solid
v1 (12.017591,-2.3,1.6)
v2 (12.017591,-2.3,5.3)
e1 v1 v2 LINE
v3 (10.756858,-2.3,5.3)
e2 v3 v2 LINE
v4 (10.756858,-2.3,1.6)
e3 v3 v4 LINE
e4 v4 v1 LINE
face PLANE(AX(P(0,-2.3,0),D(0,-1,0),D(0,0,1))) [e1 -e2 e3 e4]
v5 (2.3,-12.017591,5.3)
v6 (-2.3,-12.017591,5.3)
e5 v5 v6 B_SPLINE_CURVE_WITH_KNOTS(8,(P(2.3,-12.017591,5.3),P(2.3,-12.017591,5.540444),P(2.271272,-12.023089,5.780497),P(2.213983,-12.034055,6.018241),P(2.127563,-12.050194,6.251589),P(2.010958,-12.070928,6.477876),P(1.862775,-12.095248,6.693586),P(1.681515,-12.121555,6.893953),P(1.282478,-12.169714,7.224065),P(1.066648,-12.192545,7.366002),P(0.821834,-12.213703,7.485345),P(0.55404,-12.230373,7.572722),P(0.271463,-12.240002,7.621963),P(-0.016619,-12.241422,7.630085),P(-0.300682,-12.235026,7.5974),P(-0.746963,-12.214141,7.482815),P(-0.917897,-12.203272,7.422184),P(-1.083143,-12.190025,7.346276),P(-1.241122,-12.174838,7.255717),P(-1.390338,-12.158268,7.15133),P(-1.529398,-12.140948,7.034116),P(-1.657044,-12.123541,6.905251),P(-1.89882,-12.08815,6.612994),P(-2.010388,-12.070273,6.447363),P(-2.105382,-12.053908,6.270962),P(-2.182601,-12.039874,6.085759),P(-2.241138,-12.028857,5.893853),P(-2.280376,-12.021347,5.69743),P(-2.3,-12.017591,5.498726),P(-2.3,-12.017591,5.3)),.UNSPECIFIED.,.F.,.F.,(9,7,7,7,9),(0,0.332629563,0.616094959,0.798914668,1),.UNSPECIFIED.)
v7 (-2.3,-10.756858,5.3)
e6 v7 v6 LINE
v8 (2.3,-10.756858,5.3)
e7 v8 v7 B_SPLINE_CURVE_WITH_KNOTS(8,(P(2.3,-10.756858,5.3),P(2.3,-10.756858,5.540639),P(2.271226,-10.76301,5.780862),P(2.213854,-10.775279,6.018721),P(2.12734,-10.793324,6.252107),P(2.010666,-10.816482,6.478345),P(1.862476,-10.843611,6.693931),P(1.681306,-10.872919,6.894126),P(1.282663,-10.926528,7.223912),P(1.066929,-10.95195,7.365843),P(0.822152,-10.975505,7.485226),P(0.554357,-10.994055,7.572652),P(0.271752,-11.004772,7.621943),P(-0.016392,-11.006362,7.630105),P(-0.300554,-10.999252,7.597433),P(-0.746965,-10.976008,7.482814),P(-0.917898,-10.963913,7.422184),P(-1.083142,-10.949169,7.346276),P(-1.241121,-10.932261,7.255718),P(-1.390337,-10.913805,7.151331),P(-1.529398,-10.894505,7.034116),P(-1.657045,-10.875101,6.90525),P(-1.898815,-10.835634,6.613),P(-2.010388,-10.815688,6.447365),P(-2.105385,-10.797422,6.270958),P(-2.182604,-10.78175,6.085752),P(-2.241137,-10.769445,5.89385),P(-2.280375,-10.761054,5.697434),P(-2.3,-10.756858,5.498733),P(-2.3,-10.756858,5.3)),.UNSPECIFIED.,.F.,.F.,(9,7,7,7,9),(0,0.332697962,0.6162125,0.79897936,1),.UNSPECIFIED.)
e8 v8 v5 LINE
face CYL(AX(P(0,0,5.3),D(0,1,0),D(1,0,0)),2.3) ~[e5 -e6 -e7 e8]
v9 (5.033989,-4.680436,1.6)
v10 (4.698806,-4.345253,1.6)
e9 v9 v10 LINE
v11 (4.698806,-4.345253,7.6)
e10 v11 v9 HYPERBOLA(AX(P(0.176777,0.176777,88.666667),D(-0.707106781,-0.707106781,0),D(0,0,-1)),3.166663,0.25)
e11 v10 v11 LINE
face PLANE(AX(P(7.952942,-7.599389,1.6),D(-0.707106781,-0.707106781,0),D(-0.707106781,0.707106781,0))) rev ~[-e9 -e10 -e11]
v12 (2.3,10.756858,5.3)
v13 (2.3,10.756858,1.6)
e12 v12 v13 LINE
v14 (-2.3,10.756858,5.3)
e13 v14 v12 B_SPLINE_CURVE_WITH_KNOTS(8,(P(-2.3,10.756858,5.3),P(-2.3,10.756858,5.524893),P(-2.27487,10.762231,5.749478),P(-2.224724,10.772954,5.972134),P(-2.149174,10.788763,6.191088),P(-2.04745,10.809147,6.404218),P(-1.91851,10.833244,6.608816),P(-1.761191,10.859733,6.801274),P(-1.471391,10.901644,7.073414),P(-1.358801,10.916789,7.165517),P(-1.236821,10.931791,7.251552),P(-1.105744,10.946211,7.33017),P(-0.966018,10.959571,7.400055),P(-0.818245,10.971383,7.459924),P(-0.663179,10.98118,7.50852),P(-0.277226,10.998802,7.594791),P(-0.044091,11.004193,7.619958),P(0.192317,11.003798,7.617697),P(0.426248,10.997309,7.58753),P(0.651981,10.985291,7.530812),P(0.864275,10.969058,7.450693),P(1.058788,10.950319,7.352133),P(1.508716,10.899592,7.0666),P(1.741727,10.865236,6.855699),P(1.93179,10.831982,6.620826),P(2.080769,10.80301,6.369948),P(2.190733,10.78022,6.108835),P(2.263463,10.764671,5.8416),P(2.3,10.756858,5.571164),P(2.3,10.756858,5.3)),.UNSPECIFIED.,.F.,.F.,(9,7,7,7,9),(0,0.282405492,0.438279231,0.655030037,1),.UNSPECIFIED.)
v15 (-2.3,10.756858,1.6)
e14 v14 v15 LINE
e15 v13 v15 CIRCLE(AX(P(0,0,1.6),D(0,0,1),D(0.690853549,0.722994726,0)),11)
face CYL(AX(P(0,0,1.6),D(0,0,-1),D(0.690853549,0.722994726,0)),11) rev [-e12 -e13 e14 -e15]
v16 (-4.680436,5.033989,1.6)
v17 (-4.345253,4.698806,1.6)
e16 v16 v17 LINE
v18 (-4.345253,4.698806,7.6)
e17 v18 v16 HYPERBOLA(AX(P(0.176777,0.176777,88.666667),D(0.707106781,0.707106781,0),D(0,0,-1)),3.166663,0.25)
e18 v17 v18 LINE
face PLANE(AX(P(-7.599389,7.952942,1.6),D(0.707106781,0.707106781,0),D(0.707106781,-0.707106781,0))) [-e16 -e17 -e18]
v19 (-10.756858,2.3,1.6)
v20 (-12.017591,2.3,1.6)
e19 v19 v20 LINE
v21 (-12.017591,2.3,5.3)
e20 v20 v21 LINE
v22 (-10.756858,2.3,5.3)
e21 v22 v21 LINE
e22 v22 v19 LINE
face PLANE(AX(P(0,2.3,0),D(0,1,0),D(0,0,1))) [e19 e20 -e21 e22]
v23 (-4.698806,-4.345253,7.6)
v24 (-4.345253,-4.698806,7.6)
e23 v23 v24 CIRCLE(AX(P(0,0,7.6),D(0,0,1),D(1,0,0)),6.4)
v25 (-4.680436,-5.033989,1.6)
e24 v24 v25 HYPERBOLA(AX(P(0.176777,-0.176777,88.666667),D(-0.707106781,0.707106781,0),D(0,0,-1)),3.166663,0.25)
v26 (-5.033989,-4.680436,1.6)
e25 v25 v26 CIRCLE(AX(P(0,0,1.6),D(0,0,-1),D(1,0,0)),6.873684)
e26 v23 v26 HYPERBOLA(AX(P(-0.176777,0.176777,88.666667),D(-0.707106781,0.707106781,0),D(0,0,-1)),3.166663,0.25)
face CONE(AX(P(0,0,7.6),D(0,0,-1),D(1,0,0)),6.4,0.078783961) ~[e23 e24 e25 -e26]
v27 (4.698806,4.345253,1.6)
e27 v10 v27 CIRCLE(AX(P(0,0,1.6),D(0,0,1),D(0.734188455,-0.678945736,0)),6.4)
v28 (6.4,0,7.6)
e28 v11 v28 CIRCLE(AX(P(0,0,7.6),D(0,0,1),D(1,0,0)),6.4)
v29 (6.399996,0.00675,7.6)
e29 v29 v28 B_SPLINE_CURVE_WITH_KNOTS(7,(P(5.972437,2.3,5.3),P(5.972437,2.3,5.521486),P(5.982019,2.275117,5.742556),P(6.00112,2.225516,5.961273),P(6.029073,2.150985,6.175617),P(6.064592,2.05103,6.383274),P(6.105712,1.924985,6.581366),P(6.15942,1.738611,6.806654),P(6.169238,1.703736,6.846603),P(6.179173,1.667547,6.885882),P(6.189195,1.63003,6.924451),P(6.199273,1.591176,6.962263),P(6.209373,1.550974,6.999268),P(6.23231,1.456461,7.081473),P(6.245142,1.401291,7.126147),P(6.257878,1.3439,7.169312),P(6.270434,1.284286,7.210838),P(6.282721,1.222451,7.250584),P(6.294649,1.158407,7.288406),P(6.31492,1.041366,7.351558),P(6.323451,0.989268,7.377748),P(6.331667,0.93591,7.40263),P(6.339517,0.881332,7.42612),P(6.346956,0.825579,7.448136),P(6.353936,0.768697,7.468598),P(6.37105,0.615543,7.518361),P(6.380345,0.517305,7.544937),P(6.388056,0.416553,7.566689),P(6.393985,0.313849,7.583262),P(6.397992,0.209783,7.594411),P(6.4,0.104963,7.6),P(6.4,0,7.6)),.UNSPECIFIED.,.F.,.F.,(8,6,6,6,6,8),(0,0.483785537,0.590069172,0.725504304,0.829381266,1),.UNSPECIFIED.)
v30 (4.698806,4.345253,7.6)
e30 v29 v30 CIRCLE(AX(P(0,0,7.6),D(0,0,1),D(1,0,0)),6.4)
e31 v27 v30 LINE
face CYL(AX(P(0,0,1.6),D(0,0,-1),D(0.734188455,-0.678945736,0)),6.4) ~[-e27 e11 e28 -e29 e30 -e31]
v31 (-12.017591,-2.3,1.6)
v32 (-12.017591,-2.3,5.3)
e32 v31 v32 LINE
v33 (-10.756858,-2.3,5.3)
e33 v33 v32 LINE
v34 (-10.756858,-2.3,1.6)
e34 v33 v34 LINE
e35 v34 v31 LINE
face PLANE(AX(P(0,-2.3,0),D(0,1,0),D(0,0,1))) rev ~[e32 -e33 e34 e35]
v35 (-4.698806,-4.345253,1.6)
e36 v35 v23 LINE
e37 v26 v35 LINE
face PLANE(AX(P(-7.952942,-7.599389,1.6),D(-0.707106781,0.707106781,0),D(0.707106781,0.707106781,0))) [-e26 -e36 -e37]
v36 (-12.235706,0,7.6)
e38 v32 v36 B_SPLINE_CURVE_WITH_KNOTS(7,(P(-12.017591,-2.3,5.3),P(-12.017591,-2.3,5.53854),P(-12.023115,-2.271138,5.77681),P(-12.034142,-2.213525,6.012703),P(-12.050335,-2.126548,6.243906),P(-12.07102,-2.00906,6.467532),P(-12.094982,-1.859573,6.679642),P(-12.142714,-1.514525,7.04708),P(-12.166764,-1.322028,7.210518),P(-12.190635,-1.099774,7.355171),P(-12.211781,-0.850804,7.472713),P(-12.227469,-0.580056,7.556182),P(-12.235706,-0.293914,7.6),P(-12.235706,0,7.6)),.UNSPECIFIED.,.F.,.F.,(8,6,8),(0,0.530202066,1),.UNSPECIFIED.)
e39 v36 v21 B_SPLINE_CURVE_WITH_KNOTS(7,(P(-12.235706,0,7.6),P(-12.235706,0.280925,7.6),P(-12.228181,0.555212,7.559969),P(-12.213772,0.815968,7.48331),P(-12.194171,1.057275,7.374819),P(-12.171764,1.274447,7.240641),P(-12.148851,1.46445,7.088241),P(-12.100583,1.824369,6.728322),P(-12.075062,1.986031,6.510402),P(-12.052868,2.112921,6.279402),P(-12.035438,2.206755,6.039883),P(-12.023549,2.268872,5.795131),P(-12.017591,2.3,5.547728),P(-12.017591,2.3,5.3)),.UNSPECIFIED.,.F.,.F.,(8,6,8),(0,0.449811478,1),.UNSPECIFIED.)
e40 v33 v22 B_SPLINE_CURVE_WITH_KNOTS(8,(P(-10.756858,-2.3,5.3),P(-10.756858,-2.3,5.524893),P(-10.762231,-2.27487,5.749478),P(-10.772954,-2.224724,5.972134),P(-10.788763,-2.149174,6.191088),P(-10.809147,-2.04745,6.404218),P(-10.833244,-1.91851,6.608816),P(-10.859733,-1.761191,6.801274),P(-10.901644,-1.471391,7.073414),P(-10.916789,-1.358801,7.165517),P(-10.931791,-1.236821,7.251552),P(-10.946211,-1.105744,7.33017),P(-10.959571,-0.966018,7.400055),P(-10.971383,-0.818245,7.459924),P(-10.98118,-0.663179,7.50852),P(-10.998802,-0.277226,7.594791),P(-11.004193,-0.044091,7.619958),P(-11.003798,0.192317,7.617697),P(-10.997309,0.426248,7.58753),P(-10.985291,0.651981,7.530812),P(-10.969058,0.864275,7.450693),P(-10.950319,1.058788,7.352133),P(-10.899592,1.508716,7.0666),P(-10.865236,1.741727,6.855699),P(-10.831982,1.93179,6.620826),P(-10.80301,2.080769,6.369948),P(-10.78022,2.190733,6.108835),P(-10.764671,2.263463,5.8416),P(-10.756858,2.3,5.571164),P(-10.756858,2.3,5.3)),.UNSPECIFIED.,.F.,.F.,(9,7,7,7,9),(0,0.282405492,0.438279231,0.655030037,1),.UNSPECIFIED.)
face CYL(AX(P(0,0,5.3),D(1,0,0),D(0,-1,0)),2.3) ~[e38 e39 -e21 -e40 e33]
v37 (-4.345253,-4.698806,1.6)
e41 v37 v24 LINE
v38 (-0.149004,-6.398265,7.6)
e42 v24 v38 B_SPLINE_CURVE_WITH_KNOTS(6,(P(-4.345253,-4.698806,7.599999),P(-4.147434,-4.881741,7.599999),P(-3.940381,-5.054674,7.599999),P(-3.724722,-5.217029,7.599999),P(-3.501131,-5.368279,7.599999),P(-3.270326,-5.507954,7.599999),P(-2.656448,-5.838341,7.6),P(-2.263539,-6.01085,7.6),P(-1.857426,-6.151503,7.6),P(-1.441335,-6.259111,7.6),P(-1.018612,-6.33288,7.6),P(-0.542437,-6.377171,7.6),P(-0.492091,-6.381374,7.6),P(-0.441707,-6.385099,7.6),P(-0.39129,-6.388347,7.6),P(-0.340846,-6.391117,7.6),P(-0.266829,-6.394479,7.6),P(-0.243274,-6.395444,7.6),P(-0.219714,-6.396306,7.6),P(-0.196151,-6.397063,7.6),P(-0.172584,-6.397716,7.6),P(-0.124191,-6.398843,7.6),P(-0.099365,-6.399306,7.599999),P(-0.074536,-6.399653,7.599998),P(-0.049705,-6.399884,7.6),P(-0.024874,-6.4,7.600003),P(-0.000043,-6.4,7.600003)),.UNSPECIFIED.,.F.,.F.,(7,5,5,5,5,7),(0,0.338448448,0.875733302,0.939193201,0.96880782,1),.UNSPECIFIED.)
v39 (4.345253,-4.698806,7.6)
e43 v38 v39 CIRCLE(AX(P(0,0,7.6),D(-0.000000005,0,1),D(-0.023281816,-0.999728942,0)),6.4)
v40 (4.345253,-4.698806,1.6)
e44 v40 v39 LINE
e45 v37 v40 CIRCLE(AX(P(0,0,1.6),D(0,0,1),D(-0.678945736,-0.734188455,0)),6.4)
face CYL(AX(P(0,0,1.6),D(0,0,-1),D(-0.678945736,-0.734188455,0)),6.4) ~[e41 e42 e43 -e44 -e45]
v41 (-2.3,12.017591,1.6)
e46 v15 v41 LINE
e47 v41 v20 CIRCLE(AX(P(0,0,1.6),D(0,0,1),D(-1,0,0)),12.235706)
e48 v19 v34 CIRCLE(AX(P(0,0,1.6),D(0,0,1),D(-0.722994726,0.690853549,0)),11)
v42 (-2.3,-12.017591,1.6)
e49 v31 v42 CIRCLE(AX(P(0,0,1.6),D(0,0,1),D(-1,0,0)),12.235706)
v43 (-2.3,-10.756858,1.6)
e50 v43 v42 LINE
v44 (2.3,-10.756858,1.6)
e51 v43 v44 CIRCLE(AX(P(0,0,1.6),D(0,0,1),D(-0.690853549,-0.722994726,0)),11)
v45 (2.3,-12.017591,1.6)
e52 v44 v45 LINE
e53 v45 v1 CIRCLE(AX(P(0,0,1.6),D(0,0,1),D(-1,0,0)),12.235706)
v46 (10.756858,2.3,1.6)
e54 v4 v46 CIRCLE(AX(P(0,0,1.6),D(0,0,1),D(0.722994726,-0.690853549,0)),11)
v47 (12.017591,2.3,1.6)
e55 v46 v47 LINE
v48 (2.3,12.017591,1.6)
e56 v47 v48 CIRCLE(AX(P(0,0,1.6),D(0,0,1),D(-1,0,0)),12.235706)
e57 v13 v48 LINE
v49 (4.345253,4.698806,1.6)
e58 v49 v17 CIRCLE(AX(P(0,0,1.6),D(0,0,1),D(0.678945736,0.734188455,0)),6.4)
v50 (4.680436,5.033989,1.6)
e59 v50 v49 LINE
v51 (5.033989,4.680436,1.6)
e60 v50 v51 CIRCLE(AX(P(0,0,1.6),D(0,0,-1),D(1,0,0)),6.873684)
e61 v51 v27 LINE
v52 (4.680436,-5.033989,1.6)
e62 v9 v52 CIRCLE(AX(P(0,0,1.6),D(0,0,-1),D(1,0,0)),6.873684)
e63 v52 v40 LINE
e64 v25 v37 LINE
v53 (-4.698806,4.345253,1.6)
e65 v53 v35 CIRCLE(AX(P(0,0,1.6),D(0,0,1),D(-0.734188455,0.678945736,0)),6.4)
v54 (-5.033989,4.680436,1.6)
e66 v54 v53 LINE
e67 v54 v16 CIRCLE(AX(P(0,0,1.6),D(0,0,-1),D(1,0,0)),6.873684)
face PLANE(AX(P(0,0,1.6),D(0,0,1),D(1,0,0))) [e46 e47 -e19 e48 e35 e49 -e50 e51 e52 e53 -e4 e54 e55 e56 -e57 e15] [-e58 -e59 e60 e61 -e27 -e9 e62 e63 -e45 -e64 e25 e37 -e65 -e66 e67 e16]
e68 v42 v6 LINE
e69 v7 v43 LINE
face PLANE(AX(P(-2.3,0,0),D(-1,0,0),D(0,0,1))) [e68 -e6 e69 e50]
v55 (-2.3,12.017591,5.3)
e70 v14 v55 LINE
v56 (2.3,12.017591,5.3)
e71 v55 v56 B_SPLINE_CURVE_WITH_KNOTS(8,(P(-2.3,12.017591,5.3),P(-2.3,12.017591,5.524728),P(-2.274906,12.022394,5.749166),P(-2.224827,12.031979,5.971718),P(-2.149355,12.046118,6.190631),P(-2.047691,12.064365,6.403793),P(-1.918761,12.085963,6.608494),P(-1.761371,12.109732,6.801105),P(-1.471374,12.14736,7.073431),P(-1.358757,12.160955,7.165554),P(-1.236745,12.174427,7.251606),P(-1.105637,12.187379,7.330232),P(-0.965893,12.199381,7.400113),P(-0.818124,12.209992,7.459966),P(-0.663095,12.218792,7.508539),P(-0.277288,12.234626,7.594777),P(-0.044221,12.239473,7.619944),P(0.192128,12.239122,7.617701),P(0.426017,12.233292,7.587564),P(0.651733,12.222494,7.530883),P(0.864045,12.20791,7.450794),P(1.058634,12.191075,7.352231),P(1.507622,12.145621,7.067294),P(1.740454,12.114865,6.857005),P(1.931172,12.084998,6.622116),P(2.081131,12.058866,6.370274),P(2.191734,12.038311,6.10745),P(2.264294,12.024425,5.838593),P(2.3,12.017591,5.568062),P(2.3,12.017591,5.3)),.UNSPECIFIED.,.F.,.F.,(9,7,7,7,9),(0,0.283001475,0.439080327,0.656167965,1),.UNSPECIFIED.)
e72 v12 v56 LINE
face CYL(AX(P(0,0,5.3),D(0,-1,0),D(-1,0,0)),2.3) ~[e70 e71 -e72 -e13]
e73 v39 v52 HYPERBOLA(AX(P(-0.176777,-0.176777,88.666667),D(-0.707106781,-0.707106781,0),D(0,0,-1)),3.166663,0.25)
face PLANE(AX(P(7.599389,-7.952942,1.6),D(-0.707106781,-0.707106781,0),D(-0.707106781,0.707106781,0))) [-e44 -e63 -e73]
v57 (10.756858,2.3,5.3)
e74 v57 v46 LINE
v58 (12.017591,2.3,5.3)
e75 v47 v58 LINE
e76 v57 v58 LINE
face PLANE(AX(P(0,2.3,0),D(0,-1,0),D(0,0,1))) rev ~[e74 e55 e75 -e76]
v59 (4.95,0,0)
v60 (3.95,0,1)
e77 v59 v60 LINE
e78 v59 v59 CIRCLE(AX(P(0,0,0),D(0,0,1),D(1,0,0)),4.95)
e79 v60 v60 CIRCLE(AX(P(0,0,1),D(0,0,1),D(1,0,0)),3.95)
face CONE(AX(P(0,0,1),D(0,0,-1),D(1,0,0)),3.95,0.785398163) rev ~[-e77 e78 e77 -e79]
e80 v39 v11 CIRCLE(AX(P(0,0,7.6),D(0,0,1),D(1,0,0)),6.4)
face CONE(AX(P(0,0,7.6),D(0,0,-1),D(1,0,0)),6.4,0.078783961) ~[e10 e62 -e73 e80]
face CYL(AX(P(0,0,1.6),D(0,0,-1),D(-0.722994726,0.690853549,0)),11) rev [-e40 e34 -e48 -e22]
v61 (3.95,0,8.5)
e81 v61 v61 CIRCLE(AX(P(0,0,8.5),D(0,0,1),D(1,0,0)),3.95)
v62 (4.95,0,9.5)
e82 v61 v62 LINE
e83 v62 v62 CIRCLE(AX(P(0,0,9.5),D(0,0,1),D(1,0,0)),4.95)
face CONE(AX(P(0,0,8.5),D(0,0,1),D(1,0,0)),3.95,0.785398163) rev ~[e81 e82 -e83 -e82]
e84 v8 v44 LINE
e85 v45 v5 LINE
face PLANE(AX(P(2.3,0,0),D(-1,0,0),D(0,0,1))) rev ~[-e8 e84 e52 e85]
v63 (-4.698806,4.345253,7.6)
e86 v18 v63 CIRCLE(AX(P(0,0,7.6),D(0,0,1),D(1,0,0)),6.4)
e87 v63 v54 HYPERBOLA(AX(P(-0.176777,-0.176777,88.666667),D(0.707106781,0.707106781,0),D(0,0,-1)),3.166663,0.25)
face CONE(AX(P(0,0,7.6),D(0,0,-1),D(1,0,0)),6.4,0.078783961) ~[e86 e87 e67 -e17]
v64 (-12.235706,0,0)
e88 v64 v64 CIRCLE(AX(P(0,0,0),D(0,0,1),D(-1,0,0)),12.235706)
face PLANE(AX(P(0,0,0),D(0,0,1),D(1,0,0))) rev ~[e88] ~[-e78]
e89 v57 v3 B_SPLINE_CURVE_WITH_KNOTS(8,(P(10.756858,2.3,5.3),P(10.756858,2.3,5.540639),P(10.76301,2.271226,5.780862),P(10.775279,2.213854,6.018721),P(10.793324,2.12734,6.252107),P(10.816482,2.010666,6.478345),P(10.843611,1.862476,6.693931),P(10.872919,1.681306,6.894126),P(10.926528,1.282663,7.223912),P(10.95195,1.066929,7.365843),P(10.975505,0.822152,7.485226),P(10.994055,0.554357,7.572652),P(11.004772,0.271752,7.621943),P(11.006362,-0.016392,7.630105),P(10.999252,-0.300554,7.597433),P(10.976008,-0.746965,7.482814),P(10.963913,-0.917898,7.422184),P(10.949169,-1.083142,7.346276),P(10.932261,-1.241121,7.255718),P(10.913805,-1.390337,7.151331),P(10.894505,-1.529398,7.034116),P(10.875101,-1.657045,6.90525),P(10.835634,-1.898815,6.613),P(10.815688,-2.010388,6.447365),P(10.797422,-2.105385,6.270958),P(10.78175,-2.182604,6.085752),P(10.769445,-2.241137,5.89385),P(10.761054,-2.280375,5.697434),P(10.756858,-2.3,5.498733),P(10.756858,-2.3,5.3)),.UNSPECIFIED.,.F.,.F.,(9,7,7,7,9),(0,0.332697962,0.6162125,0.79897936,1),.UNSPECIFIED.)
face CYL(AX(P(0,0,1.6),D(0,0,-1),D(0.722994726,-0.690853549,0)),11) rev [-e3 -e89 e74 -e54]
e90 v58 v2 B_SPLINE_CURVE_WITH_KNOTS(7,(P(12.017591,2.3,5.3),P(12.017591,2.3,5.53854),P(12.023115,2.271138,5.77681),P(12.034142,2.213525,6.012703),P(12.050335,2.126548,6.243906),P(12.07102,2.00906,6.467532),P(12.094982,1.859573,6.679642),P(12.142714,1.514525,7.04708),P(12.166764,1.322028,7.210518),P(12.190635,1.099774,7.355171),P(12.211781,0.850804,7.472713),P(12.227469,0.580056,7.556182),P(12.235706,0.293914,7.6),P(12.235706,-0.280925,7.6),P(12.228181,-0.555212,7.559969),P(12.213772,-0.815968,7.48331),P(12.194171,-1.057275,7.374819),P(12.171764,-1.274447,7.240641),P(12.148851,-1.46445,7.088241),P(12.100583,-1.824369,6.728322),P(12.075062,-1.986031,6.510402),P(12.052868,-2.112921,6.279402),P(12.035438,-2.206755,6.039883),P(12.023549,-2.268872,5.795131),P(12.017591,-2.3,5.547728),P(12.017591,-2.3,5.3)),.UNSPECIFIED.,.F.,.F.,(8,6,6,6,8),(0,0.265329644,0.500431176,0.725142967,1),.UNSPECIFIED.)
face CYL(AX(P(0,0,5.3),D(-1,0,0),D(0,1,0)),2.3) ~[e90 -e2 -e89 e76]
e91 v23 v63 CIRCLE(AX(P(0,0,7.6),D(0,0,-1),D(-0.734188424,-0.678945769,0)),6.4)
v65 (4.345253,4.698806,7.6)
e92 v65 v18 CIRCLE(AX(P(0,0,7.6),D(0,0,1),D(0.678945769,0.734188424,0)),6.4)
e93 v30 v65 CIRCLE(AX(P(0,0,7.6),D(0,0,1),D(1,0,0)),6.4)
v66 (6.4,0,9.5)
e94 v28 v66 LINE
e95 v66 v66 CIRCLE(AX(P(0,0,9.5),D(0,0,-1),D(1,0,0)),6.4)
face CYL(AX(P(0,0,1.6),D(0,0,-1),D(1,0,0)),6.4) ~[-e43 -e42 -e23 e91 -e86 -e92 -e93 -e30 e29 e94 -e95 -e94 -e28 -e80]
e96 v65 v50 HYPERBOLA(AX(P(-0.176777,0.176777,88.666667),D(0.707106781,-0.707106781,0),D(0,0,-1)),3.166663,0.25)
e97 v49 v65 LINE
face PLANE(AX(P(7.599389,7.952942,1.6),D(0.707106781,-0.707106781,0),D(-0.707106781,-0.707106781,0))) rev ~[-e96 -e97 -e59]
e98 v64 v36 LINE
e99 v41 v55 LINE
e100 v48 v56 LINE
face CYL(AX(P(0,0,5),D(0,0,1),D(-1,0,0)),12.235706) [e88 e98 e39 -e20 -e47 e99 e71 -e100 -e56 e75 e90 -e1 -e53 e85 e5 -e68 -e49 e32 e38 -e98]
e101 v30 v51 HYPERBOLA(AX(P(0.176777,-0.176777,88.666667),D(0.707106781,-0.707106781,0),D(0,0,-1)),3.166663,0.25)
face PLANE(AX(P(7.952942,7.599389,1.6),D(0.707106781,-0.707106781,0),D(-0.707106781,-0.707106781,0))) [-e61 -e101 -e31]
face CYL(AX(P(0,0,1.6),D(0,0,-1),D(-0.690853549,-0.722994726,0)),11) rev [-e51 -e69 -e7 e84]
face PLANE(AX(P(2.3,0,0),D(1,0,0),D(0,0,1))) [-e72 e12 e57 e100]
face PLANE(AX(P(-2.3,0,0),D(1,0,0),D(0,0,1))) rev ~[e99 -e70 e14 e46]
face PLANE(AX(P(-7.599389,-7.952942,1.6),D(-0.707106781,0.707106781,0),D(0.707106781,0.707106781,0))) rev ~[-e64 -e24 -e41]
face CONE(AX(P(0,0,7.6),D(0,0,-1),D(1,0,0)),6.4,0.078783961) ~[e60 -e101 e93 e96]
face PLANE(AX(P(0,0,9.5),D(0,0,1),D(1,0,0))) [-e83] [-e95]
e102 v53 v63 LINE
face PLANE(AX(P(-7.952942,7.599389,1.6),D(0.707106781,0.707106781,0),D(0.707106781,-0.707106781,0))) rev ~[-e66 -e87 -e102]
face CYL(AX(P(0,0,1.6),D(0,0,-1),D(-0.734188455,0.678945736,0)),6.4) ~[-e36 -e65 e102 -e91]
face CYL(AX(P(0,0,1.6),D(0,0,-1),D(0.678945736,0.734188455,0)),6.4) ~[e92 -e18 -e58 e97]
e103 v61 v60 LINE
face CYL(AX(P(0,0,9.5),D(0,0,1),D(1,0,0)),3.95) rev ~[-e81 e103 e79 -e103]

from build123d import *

# Parameters (mm, degrees)
SKETCH_R           = 12.45
PAD_DEPTH          = 1.6
SKETCH001_R        = 6.4
PAD001_DEPTH       = 7.9
PAD002_DEPTH       = 14
POLARPATTERN_COUNT = 4
POCKET_DEPTH       = 10
SKETCH004_W        = 4
SKETCH004_H        = 10
SKETCH005_R        = 3.95
POCKET001_DEPTH    = 9.501
CHAMFER_SIZE       = 1


with BuildPart() as part:
    # Sketch → Pad (new body)
    with BuildSketch(Plane.XY):
        Circle(SKETCH_R)
    extrude(amount=PAD_DEPTH)

    # Sketch001 (on Face3 of Pad) → Pad001 (join)
    with BuildSketch(Plane.XY.offset(1.6)):
        Circle(SKETCH001_R)
    extrude(amount=PAD001_DEPTH)

    # Sketch002 → Pad002 (join)
    with BuildSketch(Plane.XZ):
        with BuildLine():
            Line((-2.3, 0), (-2.3, 5.3))
            ThreePointArc((2.3, 5.3), (0, 7.6), (-2.3, 5.3))
            Line((2.3, 0), (2.3, 5.3))
            Line((-2.3, 0), (2.3, 0))
        make_face()
    pad002 = extrude(amount=PAD002_DEPTH)

    # PolarPattern: Pad002 ×4 about axis
    polarpattern_axis = Axis((0, 0, 0), (0, 0, 1))
    for i in range(1, POLARPATTERN_COUNT):
        add(pad002.rotate(polarpattern_axis, i * 360 / POLARPATTERN_COUNT))

    # Sketch006 → Revolution (revolve)
    with BuildSketch(Plane.XZ):
        Polygon((0, 0), (0, 7.6), (6.4, 7.6), (7, 0), align=None)
    revolve(axis=Axis((0, 0, 0), (0, 0, 1)))

    # Sketch007 (on Face28 of Revolution) → Pocket (cut)
    with BuildSketch(Plane.XY.offset(1.6)):
        with BuildLine():
            ThreePointArc((-7.952942, 7.599389), (-11, 0), (-7.952942, -7.599389))
            Line((-7.952942, -7.599389), (-4.698806, -4.345253))
            ThreePointArc((-4.698806, 4.345253), (-6.4, 0), (-4.698806, -4.345253))
            Line((-7.952942, 7.599389), (-4.698806, 4.345253))
        make_face()
        with BuildLine():
            ThreePointArc((-7.599389, -7.952942), (0, -11), (7.599389, -7.952942))
            Line((7.599389, -7.952942), (4.345253, -4.698806))
            ThreePointArc((-4.345253, -4.698806), (0, -6.4), (4.345253, -4.698806))
            Line((-7.599389, -7.952942), (-4.345253, -4.698806))
        make_face()
        with BuildLine():
            ThreePointArc((7.952942, -7.599389), (11, 0), (7.952942, 7.599389))
            Line((7.952942, 7.599389), (4.698806, 4.345253))
            ThreePointArc((4.698806, -4.345253), (6.4, 0), (4.698806, 4.345253))
            Line((7.952942, -7.599389), (4.698806, -4.345253))
        make_face()
        with BuildLine():
            ThreePointArc((7.599389, 7.952942), (0, 11), (-7.599389, 7.952942))
            Line((-7.599389, 7.952942), (-4.345253, 4.698806))
            ThreePointArc((4.345253, 4.698806), (0, 6.4), (-4.345253, 4.698806))
            Line((7.599389, 7.952942), (4.345253, 4.698806))
        make_face()
    extrude(amount=POCKET_DEPTH, mode=Mode.SUBTRACT)

    # Sketch004 → Groove (revolve, cut)
    with BuildSketch(Plane.XZ):
        with Locations((-14.235706, 5)):
            Rectangle(SKETCH004_W, SKETCH004_H)
    revolve(axis=Axis((0, 0, 0), (0, 0, 1)), mode=Mode.SUBTRACT)

    # Sketch005 (on Face73 of Groove) → Pocket001 (cut, through all)
    with BuildSketch(Plane.XY.offset(9.5)):
        Circle(SKETCH005_R)
    extrude(amount=-POCKET001_DEPTH, mode=Mode.SUBTRACT)

    # Chamfer
    chamfer_edges = [part.edges().sort_by_distance(p)[0] for p in [
        (-3.95, 0, 9.5),
        (0, -3.95, 0),
    ]]
    chamfer(chamfer_edges, length=CHAMFER_SIZE)


solid = part.part
